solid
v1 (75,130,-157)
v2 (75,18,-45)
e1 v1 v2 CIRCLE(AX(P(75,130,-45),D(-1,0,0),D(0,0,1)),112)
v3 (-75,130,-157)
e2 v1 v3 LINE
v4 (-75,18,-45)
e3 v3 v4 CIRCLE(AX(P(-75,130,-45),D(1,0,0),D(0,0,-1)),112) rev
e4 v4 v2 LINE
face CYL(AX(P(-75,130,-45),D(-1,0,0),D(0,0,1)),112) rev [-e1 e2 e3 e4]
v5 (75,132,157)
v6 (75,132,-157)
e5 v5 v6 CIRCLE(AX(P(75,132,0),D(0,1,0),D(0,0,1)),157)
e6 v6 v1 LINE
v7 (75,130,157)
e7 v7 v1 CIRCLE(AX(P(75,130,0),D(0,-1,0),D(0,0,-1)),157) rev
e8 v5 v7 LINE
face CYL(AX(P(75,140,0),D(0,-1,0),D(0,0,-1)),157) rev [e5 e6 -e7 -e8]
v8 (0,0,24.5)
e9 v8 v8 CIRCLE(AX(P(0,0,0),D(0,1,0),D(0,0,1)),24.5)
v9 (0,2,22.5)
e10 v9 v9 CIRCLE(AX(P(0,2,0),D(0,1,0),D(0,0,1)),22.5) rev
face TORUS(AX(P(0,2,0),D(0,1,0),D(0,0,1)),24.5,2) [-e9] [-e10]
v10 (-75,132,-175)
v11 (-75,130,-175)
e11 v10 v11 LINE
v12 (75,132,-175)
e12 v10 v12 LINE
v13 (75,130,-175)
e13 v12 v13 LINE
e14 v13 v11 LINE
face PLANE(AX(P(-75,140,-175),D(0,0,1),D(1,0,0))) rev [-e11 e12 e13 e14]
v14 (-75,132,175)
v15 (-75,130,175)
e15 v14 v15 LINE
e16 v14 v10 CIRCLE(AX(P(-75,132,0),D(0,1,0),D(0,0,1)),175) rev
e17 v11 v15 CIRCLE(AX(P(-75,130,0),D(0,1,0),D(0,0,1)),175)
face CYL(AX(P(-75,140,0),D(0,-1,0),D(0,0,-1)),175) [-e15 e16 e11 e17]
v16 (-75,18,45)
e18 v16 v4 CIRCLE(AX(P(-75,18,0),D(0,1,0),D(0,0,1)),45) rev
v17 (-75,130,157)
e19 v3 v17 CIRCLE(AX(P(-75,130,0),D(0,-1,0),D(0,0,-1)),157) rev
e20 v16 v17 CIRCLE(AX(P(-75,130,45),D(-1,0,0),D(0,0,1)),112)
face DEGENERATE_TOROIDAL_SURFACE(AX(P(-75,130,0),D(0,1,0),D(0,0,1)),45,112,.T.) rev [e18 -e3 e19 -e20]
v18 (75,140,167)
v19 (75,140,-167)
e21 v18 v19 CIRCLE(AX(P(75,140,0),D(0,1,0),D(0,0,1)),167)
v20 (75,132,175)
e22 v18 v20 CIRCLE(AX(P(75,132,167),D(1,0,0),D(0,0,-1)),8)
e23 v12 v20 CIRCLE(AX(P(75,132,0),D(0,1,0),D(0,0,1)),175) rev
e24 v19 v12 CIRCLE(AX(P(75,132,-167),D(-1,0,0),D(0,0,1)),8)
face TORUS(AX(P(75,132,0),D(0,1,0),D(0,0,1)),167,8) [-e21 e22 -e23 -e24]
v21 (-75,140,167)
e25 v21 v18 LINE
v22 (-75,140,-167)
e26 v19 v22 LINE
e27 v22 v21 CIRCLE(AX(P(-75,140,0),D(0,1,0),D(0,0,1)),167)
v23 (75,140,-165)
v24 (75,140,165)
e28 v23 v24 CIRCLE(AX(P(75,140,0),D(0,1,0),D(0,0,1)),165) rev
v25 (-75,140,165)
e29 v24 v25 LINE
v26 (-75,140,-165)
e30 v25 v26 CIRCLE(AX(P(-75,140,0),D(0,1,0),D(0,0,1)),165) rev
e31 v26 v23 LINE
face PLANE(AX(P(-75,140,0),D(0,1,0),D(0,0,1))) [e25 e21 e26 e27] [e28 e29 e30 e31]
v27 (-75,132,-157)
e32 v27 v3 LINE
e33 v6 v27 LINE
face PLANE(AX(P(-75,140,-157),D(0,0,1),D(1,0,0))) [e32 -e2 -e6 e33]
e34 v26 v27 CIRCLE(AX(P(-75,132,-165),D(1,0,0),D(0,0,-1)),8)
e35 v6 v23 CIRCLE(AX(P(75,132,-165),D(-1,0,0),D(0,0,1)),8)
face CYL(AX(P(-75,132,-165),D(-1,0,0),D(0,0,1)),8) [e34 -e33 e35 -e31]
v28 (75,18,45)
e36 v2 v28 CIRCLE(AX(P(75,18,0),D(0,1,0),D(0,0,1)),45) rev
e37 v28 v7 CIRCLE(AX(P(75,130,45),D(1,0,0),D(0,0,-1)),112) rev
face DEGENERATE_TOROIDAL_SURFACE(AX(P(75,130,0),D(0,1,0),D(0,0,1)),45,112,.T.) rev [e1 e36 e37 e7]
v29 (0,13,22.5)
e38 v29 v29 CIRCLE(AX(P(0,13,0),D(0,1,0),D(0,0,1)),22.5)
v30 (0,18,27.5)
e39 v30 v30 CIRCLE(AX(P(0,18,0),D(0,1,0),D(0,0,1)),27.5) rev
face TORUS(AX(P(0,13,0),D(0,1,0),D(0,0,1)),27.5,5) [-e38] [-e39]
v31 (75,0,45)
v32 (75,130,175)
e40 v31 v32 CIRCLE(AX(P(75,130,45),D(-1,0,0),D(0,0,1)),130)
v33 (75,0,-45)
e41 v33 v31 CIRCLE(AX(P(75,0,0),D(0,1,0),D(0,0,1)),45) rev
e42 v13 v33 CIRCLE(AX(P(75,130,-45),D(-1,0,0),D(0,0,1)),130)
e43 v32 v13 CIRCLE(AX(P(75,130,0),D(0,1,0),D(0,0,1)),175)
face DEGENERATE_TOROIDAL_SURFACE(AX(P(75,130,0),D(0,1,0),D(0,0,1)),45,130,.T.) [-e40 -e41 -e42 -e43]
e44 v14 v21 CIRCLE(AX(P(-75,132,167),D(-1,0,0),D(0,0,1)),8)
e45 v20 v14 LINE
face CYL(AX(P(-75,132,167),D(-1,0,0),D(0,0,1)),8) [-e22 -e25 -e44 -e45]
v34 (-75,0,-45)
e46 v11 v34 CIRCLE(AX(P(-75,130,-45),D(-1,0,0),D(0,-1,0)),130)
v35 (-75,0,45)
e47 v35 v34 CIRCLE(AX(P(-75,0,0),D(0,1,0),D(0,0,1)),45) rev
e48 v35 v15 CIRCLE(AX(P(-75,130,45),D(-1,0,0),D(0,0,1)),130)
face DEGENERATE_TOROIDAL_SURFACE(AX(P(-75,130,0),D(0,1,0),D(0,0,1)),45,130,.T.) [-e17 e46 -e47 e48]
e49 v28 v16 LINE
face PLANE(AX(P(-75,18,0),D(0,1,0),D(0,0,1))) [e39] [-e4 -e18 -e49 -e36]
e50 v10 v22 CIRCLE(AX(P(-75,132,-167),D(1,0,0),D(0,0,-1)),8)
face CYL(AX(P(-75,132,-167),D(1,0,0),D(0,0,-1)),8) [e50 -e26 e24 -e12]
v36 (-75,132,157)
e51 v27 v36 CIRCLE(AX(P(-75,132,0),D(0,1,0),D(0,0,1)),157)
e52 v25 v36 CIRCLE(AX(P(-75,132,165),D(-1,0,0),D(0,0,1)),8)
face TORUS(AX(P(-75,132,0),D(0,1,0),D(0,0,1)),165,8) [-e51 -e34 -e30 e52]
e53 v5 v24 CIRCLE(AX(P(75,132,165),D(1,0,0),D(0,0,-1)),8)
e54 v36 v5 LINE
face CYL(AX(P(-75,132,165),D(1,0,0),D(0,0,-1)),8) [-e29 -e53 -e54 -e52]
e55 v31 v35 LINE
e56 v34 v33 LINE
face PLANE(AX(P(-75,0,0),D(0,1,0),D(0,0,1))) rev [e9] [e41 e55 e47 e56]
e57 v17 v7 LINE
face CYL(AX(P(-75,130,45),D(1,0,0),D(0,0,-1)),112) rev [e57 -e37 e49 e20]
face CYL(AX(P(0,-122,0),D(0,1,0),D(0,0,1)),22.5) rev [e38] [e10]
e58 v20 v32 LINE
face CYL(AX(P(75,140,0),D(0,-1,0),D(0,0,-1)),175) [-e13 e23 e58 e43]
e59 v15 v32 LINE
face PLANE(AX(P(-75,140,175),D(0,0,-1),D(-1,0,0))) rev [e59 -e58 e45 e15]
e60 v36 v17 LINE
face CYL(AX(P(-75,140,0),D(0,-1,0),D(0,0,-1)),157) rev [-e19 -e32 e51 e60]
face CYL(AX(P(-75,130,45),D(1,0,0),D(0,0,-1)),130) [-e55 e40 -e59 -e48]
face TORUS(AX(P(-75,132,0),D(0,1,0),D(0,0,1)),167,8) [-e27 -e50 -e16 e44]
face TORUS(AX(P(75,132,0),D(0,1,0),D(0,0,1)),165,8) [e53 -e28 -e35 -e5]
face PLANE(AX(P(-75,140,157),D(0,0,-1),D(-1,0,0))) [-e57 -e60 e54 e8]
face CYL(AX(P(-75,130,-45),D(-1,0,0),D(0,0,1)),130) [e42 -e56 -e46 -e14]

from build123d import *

# Parameters (mm, degrees)
BOSS_EXTRUDE1_DEPTH = 140
FILLET1_R           = 130
SHELL1_T            = -18
SKETCH2_R           = 22.5
CUT_EXTRUDE1_DEPTH  = 140
FILLET2_R           = 5
FILLET3_R           = 2
FILLET4_R           = 8


with BuildPart() as part:
    # Sketch1 → Boss-Extrude1 (new body)
    with BuildSketch(Plane(origin=(0, 0, 0), x_dir=(1, 0, 0), z_dir=(0, 1, 0))):
        with BuildLine():
            Line((-75, 175), (75, 175))
            ThreePointArc((75, 175), (250, 0), (75, -175))
            Line((75, -175), (-75, -175))
            ThreePointArc((-75, -175), (-250, 0), (-75, 175))
        make_face()
    extrude(amount=BOSS_EXTRUDE1_DEPTH)

    # Fillet1
    fillet1_edges = [part.edges().sort_by_distance(p)[0] for p in [
        (0, 0, -175),
        (250, 0, 0),
        (0, 0, 175),
        (-250, 0, 0),
    ]]
    fillet(fillet1_edges, radius=FILLET1_R)

    # Shell1
    shell1_openings = [part.faces().sort_by_distance(p)[0] for p in [
        (0, 140, 0),
    ]]
    offset(amount=SHELL1_T, openings=shell1_openings, kind=Kind.INTERSECTION)

    # Sketch2 → Cut-Extrude1 (cut)
    with BuildSketch(Plane(origin=(0, 18, 0), x_dir=(1, 0, 0), z_dir=(0, 1, 0))):
        with Locations(Location((0, 0, 0), (0, 0, 270))):
            Circle(SKETCH2_R)
    extrude(amount=-CUT_EXTRUDE1_DEPTH, mode=Mode.SUBTRACT)

    # Fillet2
    fillet2_edges = [part.edges().sort_by_distance(p)[0] for p in [
        (0, 18, -22.5),
    ]]
    fillet(fillet2_edges, radius=FILLET2_R)

    # Fillet3
    fillet3_edges = [part.edges().sort_by_distance(p)[0] for p in [
        (0, 0, -22.5),
    ]]
    fillet(fillet3_edges, radius=FILLET3_R)

    # Fillet4
    fillet4_edges = [part.edges().sort_by_distance(p)[0] for p in [
        (250, 140, 0),
        (0, 140, -175),
        (-232, 140, 0),
        (0, 140, 157),
        (232, 140, 0),
        (0, 140, -157),
        (-250, 140, 0),
        (0, 140, 175),
    ]]
    fillet(fillet4_edges, radius=FILLET4_R)


solid = part.part
